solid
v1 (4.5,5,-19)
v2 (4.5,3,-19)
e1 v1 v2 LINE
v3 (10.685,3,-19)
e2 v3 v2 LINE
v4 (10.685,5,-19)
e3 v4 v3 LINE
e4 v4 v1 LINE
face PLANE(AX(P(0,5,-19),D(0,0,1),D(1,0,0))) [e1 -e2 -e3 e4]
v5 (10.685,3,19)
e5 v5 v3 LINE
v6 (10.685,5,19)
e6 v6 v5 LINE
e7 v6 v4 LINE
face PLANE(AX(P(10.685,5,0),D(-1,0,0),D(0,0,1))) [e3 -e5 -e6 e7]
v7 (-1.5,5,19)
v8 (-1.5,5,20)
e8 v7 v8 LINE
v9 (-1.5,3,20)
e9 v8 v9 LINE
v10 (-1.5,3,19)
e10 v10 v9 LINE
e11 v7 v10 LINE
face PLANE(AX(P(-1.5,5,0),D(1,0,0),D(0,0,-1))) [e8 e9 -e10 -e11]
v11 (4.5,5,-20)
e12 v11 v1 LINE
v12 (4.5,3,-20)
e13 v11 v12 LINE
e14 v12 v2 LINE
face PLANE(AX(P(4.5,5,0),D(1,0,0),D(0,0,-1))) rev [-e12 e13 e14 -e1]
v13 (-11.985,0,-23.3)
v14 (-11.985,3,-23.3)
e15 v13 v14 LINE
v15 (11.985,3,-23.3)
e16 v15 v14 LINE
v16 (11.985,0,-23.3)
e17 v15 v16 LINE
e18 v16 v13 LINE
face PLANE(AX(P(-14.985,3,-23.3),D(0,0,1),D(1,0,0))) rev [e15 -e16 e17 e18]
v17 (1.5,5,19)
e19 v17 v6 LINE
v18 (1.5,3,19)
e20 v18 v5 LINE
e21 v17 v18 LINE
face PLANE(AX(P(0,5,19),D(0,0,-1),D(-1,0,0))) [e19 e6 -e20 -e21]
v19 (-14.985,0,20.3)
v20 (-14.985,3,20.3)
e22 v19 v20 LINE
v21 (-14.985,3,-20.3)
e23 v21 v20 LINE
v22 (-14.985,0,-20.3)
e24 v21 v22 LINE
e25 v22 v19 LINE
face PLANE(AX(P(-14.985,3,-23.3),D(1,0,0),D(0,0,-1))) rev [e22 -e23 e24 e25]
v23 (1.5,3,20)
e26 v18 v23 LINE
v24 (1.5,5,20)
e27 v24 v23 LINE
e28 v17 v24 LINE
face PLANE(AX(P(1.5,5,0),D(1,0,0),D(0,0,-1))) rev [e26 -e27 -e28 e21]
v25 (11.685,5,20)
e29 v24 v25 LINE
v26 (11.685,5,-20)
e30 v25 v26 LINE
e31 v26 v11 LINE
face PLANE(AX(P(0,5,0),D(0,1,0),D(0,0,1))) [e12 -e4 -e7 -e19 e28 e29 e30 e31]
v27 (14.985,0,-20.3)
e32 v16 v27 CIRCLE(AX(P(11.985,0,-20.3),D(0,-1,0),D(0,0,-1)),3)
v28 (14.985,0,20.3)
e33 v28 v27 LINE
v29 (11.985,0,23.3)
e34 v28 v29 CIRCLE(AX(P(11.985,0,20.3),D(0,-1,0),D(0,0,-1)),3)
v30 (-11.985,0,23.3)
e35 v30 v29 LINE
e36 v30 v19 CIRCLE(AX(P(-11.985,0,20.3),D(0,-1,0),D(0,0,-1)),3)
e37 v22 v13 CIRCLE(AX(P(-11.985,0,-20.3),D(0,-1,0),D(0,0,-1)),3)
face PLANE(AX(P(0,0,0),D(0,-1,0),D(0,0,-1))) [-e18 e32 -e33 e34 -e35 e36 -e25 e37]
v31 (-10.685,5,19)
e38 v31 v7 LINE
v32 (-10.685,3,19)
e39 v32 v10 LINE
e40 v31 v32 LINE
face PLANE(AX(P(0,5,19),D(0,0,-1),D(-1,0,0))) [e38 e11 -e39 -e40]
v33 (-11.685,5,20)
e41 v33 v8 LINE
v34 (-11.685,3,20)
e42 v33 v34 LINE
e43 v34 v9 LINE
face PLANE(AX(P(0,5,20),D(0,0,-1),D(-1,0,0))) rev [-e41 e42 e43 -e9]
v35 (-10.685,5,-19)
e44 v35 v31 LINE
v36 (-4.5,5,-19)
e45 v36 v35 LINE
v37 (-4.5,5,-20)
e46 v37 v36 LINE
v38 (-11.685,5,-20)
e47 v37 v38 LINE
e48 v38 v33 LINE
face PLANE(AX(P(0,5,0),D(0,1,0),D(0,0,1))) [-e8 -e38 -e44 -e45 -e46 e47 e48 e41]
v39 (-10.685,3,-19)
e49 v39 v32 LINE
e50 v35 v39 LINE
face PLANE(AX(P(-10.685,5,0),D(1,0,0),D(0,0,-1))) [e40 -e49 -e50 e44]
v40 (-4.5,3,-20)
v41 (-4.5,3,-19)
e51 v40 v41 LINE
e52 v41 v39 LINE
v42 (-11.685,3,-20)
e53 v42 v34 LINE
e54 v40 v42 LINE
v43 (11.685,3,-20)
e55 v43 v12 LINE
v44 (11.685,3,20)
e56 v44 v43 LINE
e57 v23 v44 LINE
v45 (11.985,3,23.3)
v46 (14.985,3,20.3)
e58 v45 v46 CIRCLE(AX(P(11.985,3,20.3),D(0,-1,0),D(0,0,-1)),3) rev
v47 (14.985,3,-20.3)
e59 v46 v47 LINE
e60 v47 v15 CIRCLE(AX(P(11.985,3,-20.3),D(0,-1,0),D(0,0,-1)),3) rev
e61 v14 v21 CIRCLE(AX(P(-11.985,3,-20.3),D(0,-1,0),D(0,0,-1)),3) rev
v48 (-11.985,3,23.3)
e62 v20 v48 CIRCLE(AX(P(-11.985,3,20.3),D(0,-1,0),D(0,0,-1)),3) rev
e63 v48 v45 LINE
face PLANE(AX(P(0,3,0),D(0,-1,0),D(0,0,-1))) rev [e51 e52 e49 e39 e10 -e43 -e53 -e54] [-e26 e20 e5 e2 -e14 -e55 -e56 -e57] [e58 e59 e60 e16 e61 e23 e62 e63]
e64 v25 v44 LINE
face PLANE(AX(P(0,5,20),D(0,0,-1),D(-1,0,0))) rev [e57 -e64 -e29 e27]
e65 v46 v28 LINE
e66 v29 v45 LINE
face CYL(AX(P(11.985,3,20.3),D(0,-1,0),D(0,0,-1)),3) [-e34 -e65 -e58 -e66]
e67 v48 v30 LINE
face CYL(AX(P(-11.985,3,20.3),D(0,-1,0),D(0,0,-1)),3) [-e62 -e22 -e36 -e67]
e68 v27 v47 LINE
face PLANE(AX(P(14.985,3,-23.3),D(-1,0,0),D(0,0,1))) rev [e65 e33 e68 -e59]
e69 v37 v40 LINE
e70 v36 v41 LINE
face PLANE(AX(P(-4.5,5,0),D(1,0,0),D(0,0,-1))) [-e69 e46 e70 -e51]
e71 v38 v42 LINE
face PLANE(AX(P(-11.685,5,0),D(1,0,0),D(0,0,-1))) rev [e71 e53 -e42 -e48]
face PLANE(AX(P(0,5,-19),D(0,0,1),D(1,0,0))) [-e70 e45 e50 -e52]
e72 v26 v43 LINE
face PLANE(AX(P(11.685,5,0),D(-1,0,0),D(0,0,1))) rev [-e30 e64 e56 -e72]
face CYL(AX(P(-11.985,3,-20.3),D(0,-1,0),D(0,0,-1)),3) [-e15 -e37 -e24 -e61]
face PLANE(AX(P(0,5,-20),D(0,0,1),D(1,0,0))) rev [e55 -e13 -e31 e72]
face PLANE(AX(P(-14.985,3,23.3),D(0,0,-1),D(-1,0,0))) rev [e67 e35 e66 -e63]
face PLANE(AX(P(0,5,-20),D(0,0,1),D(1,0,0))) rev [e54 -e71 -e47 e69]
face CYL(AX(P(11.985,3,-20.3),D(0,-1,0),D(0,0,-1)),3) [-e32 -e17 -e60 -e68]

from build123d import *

# Parameters (mm, degrees)
SKETCH1_W           = 29.97
SKETCH1_H           = 46.6
BOSS_EXTRUDE1_DEPTH = 3
BOSS_EXTRUDE2_DEPTH = 2
FILLET1_R           = 3


with BuildPart() as part:
    # Sketch1 → Boss-Extrude1 (new body)
    with BuildSketch(Plane(origin=(0, 0, 0), x_dir=(1, 0, 0), z_dir=(0, 1, 0))):
        Rectangle(SKETCH1_W, SKETCH1_H)
    extrude(amount=BOSS_EXTRUDE1_DEPTH)

    # Sketch2 → Boss-Extrude2 (add)
    with BuildSketch(Plane(origin=(0, 3, 0), x_dir=(1, 0, 0), z_dir=(0, 1, 0))):
        Polygon((-4.5, 19), (-4.5, 20), (-11.685, 20), (-11.685, -20), (-1.5, -20), (-1.5, -19), (-10.685, -19), (-10.685, 19), align=None)
        Polygon((11.685, -20), (11.685, 20), (4.5, 20), (4.5, 19), (10.685, 19), (10.685, -19), (1.5, -19), (1.5, -20), align=None)
    extrude(amount=BOSS_EXTRUDE2_DEPTH)

    # Fillet1
    fillet1_edges = [part.edges().sort_by_distance(p)[0] for p in [
        (14.985, 1.5, -23.3),
        (14.985, 1.5, 23.3),
        (-14.985, 1.5, 23.3),
        (-14.985, 1.5, -23.3),
    ]]
    fillet(fillet1_edges, radius=FILLET1_R)


solid = part.part
